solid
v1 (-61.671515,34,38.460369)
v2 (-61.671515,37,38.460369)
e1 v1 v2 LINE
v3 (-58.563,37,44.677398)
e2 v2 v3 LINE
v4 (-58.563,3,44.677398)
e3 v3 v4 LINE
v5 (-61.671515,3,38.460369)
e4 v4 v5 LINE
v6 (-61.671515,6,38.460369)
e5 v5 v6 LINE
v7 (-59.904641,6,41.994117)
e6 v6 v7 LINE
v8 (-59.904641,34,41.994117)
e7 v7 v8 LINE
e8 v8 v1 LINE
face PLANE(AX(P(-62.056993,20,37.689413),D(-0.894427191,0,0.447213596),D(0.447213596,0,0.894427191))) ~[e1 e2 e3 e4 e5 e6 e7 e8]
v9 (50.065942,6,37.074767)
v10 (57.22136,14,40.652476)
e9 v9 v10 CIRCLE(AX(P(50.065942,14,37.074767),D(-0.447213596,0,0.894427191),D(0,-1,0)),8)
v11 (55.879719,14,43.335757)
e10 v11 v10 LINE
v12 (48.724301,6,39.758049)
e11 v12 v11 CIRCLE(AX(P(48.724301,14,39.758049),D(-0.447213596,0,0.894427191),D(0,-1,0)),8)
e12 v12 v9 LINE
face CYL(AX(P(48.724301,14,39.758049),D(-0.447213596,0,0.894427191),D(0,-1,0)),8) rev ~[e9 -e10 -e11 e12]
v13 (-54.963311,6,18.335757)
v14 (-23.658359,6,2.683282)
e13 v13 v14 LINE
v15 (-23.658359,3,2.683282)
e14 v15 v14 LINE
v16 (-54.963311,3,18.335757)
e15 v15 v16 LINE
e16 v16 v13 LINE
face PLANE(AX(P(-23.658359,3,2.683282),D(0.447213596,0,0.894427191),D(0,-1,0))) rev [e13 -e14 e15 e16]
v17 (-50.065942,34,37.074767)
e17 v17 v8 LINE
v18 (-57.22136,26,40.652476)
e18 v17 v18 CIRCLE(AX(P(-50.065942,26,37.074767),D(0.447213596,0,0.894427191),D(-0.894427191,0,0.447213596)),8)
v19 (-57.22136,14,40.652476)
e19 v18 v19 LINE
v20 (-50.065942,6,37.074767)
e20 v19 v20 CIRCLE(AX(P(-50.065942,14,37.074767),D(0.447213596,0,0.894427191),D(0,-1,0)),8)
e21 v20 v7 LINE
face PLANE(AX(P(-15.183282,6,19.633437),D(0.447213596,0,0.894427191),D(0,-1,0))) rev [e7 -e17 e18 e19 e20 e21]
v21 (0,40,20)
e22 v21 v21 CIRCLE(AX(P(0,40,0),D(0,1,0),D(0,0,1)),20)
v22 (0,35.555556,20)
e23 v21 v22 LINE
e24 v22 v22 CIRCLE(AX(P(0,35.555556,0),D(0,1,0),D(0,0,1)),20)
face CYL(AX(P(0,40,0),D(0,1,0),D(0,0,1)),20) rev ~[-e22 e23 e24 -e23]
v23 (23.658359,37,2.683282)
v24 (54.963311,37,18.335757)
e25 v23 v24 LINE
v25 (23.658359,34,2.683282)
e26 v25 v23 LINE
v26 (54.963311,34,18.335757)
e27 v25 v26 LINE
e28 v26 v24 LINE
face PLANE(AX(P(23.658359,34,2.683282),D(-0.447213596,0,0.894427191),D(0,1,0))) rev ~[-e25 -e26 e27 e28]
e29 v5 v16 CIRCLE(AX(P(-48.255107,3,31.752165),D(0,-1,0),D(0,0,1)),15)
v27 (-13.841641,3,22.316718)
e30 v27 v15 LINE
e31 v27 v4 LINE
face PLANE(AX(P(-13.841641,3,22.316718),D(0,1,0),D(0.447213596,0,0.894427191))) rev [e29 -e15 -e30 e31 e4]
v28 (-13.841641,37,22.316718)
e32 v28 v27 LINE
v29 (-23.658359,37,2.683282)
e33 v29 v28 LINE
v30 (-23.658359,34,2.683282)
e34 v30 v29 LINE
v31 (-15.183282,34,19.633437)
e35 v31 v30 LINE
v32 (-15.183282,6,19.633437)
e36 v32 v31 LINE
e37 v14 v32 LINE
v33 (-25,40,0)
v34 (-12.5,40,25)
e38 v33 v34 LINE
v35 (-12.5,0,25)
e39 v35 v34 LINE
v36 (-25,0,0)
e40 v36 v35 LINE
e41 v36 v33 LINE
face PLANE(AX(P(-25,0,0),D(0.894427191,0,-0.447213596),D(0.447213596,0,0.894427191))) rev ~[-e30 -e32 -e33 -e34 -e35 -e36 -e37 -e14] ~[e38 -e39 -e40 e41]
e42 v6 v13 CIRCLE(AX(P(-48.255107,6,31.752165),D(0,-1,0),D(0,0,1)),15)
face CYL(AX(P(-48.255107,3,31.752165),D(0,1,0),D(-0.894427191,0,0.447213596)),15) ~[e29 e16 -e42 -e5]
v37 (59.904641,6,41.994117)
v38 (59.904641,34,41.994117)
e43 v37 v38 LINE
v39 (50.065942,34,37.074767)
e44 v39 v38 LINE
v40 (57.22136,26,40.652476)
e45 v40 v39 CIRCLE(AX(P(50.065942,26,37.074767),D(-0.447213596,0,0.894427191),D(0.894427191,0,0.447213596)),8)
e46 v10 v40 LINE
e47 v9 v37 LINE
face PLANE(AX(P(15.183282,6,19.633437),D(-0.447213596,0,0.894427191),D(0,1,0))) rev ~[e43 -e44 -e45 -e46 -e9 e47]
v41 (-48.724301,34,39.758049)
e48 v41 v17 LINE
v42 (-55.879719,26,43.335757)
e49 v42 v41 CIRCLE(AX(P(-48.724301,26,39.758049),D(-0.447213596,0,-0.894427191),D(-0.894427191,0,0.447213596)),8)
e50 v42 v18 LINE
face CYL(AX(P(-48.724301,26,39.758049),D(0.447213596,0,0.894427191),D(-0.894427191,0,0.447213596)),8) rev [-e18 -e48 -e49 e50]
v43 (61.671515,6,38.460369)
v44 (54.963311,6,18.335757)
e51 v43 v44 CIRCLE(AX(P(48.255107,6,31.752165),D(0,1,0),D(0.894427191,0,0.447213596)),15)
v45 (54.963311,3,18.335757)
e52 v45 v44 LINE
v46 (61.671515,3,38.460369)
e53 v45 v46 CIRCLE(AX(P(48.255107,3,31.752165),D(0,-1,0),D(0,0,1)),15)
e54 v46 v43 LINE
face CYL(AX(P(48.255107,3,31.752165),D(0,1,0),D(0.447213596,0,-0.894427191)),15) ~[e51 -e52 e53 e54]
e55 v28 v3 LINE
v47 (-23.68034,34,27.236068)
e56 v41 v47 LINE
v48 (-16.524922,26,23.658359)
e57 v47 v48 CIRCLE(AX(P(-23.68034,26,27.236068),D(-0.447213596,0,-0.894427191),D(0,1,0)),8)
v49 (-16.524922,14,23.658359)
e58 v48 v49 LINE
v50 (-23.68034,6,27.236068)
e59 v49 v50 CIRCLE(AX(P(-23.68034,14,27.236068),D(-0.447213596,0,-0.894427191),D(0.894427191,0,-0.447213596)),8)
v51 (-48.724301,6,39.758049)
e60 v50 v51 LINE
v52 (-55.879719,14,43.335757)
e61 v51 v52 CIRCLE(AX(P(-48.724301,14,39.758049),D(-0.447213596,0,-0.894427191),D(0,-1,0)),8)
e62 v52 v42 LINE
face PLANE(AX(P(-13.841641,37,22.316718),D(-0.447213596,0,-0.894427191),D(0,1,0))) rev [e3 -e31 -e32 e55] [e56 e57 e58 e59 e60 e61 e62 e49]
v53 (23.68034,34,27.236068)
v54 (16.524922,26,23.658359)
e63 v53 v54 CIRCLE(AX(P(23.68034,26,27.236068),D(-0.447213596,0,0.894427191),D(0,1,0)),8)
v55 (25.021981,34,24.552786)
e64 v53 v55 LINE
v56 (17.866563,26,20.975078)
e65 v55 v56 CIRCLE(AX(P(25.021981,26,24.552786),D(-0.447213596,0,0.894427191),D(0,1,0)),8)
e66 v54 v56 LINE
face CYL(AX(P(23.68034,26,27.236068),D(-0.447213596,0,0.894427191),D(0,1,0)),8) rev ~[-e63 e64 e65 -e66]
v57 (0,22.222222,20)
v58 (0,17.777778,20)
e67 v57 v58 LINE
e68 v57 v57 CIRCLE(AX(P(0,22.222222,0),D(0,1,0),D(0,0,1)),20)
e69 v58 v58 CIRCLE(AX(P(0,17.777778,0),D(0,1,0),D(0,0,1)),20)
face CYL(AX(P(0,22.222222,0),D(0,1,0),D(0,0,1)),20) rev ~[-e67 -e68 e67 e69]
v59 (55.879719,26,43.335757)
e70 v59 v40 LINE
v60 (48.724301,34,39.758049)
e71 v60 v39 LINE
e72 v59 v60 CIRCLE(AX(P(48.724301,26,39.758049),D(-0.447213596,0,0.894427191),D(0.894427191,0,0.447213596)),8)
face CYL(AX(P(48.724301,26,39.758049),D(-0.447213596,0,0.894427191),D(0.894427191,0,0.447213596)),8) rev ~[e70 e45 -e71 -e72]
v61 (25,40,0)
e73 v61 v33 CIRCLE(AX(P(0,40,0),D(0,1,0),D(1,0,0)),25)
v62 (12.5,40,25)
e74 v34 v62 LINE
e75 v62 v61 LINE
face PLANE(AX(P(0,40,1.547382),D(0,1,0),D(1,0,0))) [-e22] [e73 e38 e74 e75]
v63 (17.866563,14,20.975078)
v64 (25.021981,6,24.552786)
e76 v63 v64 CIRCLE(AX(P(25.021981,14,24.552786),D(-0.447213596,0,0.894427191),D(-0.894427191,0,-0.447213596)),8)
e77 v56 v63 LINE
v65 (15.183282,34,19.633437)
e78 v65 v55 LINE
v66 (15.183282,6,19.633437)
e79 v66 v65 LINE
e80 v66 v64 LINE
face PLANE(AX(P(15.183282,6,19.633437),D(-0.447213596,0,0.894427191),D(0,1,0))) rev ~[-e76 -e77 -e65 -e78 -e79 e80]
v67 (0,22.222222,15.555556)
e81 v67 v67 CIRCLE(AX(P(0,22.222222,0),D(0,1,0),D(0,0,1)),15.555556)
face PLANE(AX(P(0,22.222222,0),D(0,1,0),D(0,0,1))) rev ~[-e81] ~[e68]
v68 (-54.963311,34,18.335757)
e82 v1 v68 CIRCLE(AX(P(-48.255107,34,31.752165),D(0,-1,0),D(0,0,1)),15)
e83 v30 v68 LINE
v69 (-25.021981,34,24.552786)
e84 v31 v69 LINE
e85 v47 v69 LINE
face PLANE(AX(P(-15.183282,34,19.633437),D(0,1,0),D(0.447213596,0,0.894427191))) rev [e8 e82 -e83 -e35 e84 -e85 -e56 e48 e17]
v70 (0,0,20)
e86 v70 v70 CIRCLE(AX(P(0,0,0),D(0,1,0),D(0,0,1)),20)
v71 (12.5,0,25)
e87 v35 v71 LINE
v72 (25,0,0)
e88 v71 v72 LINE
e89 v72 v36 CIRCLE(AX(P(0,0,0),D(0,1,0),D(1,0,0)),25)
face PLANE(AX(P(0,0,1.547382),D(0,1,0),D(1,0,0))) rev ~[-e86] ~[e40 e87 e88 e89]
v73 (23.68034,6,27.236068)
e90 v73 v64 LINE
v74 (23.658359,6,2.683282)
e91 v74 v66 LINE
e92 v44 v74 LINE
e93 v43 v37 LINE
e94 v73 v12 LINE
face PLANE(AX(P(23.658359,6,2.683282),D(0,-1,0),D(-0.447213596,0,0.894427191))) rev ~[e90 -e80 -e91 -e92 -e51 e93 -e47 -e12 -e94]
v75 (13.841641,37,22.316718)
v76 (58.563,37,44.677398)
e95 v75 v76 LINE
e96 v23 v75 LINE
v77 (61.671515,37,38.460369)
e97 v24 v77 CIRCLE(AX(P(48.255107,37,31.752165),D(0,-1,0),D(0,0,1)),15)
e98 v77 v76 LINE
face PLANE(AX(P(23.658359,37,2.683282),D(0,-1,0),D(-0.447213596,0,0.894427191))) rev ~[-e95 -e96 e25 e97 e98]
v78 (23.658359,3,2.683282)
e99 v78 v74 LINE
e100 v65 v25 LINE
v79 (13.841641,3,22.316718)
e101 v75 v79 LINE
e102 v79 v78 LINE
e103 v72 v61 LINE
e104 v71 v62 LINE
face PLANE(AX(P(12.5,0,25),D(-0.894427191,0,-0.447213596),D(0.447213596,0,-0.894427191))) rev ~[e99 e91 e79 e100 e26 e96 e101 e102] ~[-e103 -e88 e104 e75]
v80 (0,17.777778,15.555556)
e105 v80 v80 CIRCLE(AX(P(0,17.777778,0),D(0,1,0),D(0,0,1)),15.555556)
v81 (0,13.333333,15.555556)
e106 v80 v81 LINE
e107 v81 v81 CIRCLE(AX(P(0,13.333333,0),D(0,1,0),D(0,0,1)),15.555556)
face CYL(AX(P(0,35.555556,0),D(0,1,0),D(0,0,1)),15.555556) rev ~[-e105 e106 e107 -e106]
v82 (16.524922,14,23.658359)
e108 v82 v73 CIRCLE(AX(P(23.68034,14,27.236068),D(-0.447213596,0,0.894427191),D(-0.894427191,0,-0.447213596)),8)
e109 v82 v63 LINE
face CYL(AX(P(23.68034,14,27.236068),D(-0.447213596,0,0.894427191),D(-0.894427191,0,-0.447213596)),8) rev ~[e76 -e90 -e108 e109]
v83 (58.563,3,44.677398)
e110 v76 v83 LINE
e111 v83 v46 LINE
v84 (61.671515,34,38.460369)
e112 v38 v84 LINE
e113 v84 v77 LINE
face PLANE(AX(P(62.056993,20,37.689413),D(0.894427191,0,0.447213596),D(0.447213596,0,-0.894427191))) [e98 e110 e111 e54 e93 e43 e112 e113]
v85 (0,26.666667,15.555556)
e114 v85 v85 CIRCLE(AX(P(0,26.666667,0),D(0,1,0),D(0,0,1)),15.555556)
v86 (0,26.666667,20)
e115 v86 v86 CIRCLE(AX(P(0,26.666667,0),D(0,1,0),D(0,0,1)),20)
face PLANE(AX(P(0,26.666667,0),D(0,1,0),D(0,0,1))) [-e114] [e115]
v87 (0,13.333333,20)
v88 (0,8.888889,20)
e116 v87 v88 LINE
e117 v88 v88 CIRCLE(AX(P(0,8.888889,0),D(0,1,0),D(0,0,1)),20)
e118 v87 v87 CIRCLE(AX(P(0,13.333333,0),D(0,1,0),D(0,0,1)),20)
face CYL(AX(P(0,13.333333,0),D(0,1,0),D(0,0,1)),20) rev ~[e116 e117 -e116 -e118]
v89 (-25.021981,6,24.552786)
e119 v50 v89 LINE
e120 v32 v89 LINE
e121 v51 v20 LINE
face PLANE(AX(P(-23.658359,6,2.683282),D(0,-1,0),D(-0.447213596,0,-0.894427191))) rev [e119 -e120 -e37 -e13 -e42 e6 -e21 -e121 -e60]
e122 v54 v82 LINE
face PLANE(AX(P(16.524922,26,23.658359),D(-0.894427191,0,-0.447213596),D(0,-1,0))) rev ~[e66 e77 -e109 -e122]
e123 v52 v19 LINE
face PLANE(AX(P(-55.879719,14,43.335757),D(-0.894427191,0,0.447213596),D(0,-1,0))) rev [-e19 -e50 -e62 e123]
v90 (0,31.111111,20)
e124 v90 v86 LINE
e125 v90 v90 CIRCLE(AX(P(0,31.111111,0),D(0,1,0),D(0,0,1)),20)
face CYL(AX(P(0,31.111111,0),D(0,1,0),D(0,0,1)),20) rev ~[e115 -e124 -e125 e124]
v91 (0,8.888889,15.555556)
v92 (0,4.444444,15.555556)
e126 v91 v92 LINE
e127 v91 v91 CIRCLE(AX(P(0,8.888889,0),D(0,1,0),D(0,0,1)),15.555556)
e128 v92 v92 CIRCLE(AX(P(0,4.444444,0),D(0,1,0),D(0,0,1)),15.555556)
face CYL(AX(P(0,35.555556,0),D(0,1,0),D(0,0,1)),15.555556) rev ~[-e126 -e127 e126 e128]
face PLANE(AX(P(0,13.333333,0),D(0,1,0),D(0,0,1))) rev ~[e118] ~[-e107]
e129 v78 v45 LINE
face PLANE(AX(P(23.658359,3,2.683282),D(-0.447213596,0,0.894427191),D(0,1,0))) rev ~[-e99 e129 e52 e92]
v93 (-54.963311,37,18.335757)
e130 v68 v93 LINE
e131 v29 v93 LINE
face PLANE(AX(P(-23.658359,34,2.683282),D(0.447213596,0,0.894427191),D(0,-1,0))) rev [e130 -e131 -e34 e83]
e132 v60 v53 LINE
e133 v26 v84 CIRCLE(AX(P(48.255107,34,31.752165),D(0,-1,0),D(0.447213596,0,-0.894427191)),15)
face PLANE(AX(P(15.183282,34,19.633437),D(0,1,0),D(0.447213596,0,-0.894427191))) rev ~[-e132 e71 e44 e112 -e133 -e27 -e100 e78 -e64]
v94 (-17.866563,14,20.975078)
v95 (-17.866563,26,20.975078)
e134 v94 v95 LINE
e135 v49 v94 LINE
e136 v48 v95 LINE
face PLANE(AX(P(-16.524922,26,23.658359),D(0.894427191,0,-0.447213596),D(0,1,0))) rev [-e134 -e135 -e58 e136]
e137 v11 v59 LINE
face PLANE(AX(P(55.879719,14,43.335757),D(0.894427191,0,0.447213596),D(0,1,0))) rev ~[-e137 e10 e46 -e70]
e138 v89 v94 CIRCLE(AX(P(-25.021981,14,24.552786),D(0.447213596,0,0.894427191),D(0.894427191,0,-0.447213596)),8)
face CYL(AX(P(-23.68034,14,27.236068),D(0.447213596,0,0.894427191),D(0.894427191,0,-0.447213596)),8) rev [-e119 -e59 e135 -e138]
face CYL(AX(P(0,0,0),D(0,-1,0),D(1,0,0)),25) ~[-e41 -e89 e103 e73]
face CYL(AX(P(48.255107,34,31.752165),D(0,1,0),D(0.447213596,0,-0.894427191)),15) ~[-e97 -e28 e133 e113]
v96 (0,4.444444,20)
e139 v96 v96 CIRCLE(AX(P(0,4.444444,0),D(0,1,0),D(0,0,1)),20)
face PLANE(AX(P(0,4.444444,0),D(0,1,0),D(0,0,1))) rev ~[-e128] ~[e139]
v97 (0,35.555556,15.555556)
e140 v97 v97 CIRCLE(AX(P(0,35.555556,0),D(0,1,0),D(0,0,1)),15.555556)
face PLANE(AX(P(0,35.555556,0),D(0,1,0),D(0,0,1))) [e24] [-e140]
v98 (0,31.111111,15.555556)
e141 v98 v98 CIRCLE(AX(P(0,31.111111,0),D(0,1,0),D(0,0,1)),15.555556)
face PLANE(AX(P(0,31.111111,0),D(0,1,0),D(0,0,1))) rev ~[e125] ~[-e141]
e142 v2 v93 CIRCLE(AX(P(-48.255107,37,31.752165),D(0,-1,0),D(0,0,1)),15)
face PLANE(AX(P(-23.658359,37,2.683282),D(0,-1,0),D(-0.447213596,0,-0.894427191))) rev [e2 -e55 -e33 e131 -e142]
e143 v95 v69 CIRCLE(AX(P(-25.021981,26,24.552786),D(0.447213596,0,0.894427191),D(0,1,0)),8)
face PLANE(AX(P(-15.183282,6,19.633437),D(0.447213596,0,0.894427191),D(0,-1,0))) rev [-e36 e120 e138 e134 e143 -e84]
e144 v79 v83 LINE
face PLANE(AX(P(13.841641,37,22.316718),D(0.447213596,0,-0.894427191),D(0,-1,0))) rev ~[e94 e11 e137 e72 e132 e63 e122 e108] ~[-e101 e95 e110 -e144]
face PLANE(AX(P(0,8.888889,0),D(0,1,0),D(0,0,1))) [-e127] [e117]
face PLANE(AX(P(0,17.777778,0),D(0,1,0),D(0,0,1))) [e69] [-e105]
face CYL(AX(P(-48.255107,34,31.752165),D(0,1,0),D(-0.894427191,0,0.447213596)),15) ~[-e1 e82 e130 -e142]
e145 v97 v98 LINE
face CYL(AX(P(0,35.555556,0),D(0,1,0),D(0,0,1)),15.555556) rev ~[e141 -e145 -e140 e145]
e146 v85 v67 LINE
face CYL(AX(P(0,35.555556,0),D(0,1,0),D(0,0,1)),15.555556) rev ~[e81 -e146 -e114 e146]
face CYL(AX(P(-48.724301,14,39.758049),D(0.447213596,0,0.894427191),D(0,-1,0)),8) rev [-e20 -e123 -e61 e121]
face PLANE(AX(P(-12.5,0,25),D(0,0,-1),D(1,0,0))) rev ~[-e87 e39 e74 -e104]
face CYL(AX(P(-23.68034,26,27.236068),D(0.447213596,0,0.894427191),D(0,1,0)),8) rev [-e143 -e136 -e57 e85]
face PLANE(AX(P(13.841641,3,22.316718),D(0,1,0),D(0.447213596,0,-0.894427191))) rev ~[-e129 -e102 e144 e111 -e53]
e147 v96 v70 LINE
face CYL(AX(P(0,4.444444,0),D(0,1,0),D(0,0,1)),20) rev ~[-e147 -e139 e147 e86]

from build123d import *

# Parameters (mm, degrees)
EXTRUDE_1_DEPTH        = 40
EXTRUDE_2_DEPTH        = 50
FILLET_1_R             = 15
CUT_EXTRUDE_1_DEPTH    = 50
FILLET_1_OF_MIRROR_2_R = 15
SKETCH_4_R             = 20
CUT_EXTRUDE_2_DEPTH    = 4.444444444
SKETCH_5_R             = 15.555555556
CUT_EXTRUDE_3_DEPTH    = 86.214294565
PATTERN_LINEAR_1_COUNT = 5
PATTERN_LINEAR_1_PITCH = 8.888888889


with BuildPart() as part:
    # 草图1 → 凸台-拉伸1 (new body)
    with BuildSketch(Plane(origin=(0, 0, 0), x_dir=(1, 0, 0), z_dir=(0, 1, 0))):
        with BuildLine():
            Line((-25, 0), (-12.5, -25))
            Line((-12.5, -25), (12.5, -25))
            Line((12.5, -25), (25, 0))
            ThreePointArc((25, 0), (0, 25), (-25, 0))
        make_face()
    extrude(amount=EXTRUDE_1_DEPTH)

    # 草图2 → 凸台-拉伸2 (add)
    with BuildSketch(Plane(origin=(20, 0, 10), x_dir=(0.447213595499958, 0, -0.894427190999916), z_dir=(0.894427190999916, 0, 0.447213595499958))):
        Polygon((8.180339887, 34), (8.180339887, 37), (-13.770509831, 37), (-13.770509831, 3), (8.180339887, 3), (8.180339887, 6), (-10.770509831, 6), (-10.770509831, 34), align=None)
    extrude_2 = extrude(amount=EXTRUDE_2_DEPTH)

    # 圆角1
    fillet_1_edges = [part.edges().sort_by_distance(p)[0] for p in [
        (68.379718763, 35.5, 25.043961348),
        (68.379718763, 4.5, 25.043961348),
    ]]
    fillet(fillet_1_edges, radius=FILLET_1_R)

    # 草图3 → 切除-拉伸1 (cut)
    with BuildSketch(Plane(origin=(-6.158359214, 0, 12.316718427), x_dir=(0.8944271909999159, 0, 0.44721359549995804), z_dir=(-0.44721359549995804, 0, 0.8944271909999159))):
        with BuildLine():
            Line((25.360679775, 26), (25.360679775, 14))
            ThreePointArc((25.360679775, 14), (27.703825526, 8.343145751), (33.360679775, 6))
            Line((33.360679775, 6), (61.360679775, 6))
            ThreePointArc((61.360679775, 6), (67.017534024, 8.343145751), (69.360679775, 14))
            Line((69.360679775, 14), (69.360679775, 26))
            ThreePointArc((69.360679775, 26), (67.017534024, 31.656854249), (61.360679775, 34))
            Line((61.360679775, 34), (33.360679775, 34))
            ThreePointArc((33.360679775, 34), (27.703825526, 31.656854249), (25.360679775, 26))
        make_face()
    cut_extrude_1 = extrude(amount=-CUT_EXTRUDE_1_DEPTH, mode=Mode.SUBTRACT)

    # 镜向2: 凸台-拉伸2, 切除-拉伸1 across plane
    add(extrude_2.mirror(Plane(origin=(0, 0, 0), x_dir=(0, 0, 1), z_dir=(1, 0, 0))))
    add(cut_extrude_1.mirror(Plane(origin=(0, 0, 0), x_dir=(0, 0, 1), z_dir=(1, 0, 0))), mode=Mode.SUBTRACT)

    # 圆角1 of 镜向2
    fillet_1_of_mirror_2_edges = [part.edges().sort_by_distance(p)[0] for p in [
        (-68.379718763, 35.5, 25.043961348),
        (-68.379718763, 4.5, 25.043961348),
    ]]
    fillet(fillet_1_of_mirror_2_edges, radius=FILLET_1_OF_MIRROR_2_R)

    # 草图4 → 切除-拉伸2 (cut)
    with BuildSketch(Plane(origin=(0, 40, 0), x_dir=(1, 0, 0), z_dir=(0, 1, 0))):
        with Locations(Location((0, 0, 0), (0, 0, 270))):
            Circle(SKETCH_4_R)
    cut_extrude_2 = extrude(amount=-CUT_EXTRUDE_2_DEPTH, mode=Mode.SUBTRACT)

    # 草图5 → 切除-拉伸3 (cut, through all)
    with BuildSketch(Plane(origin=(0, 35.555555556, 0), x_dir=(1, 0, 0), z_dir=(0, 1, 0))):
        with Locations(Location((0, 0, 0), (0, 0, 270))):
            Circle(SKETCH_5_R)
    extrude(amount=-CUT_EXTRUDE_3_DEPTH, mode=Mode.SUBTRACT)

    # 阵列(线性)1: 切除-拉伸2 ×5
    with Locations(*[(0, -i * PATTERN_LINEAR_1_PITCH, 0) for i in range(1, PATTERN_LINEAR_1_COUNT)]):
        add(cut_extrude_2, mode=Mode.SUBTRACT)


solid = part.part
